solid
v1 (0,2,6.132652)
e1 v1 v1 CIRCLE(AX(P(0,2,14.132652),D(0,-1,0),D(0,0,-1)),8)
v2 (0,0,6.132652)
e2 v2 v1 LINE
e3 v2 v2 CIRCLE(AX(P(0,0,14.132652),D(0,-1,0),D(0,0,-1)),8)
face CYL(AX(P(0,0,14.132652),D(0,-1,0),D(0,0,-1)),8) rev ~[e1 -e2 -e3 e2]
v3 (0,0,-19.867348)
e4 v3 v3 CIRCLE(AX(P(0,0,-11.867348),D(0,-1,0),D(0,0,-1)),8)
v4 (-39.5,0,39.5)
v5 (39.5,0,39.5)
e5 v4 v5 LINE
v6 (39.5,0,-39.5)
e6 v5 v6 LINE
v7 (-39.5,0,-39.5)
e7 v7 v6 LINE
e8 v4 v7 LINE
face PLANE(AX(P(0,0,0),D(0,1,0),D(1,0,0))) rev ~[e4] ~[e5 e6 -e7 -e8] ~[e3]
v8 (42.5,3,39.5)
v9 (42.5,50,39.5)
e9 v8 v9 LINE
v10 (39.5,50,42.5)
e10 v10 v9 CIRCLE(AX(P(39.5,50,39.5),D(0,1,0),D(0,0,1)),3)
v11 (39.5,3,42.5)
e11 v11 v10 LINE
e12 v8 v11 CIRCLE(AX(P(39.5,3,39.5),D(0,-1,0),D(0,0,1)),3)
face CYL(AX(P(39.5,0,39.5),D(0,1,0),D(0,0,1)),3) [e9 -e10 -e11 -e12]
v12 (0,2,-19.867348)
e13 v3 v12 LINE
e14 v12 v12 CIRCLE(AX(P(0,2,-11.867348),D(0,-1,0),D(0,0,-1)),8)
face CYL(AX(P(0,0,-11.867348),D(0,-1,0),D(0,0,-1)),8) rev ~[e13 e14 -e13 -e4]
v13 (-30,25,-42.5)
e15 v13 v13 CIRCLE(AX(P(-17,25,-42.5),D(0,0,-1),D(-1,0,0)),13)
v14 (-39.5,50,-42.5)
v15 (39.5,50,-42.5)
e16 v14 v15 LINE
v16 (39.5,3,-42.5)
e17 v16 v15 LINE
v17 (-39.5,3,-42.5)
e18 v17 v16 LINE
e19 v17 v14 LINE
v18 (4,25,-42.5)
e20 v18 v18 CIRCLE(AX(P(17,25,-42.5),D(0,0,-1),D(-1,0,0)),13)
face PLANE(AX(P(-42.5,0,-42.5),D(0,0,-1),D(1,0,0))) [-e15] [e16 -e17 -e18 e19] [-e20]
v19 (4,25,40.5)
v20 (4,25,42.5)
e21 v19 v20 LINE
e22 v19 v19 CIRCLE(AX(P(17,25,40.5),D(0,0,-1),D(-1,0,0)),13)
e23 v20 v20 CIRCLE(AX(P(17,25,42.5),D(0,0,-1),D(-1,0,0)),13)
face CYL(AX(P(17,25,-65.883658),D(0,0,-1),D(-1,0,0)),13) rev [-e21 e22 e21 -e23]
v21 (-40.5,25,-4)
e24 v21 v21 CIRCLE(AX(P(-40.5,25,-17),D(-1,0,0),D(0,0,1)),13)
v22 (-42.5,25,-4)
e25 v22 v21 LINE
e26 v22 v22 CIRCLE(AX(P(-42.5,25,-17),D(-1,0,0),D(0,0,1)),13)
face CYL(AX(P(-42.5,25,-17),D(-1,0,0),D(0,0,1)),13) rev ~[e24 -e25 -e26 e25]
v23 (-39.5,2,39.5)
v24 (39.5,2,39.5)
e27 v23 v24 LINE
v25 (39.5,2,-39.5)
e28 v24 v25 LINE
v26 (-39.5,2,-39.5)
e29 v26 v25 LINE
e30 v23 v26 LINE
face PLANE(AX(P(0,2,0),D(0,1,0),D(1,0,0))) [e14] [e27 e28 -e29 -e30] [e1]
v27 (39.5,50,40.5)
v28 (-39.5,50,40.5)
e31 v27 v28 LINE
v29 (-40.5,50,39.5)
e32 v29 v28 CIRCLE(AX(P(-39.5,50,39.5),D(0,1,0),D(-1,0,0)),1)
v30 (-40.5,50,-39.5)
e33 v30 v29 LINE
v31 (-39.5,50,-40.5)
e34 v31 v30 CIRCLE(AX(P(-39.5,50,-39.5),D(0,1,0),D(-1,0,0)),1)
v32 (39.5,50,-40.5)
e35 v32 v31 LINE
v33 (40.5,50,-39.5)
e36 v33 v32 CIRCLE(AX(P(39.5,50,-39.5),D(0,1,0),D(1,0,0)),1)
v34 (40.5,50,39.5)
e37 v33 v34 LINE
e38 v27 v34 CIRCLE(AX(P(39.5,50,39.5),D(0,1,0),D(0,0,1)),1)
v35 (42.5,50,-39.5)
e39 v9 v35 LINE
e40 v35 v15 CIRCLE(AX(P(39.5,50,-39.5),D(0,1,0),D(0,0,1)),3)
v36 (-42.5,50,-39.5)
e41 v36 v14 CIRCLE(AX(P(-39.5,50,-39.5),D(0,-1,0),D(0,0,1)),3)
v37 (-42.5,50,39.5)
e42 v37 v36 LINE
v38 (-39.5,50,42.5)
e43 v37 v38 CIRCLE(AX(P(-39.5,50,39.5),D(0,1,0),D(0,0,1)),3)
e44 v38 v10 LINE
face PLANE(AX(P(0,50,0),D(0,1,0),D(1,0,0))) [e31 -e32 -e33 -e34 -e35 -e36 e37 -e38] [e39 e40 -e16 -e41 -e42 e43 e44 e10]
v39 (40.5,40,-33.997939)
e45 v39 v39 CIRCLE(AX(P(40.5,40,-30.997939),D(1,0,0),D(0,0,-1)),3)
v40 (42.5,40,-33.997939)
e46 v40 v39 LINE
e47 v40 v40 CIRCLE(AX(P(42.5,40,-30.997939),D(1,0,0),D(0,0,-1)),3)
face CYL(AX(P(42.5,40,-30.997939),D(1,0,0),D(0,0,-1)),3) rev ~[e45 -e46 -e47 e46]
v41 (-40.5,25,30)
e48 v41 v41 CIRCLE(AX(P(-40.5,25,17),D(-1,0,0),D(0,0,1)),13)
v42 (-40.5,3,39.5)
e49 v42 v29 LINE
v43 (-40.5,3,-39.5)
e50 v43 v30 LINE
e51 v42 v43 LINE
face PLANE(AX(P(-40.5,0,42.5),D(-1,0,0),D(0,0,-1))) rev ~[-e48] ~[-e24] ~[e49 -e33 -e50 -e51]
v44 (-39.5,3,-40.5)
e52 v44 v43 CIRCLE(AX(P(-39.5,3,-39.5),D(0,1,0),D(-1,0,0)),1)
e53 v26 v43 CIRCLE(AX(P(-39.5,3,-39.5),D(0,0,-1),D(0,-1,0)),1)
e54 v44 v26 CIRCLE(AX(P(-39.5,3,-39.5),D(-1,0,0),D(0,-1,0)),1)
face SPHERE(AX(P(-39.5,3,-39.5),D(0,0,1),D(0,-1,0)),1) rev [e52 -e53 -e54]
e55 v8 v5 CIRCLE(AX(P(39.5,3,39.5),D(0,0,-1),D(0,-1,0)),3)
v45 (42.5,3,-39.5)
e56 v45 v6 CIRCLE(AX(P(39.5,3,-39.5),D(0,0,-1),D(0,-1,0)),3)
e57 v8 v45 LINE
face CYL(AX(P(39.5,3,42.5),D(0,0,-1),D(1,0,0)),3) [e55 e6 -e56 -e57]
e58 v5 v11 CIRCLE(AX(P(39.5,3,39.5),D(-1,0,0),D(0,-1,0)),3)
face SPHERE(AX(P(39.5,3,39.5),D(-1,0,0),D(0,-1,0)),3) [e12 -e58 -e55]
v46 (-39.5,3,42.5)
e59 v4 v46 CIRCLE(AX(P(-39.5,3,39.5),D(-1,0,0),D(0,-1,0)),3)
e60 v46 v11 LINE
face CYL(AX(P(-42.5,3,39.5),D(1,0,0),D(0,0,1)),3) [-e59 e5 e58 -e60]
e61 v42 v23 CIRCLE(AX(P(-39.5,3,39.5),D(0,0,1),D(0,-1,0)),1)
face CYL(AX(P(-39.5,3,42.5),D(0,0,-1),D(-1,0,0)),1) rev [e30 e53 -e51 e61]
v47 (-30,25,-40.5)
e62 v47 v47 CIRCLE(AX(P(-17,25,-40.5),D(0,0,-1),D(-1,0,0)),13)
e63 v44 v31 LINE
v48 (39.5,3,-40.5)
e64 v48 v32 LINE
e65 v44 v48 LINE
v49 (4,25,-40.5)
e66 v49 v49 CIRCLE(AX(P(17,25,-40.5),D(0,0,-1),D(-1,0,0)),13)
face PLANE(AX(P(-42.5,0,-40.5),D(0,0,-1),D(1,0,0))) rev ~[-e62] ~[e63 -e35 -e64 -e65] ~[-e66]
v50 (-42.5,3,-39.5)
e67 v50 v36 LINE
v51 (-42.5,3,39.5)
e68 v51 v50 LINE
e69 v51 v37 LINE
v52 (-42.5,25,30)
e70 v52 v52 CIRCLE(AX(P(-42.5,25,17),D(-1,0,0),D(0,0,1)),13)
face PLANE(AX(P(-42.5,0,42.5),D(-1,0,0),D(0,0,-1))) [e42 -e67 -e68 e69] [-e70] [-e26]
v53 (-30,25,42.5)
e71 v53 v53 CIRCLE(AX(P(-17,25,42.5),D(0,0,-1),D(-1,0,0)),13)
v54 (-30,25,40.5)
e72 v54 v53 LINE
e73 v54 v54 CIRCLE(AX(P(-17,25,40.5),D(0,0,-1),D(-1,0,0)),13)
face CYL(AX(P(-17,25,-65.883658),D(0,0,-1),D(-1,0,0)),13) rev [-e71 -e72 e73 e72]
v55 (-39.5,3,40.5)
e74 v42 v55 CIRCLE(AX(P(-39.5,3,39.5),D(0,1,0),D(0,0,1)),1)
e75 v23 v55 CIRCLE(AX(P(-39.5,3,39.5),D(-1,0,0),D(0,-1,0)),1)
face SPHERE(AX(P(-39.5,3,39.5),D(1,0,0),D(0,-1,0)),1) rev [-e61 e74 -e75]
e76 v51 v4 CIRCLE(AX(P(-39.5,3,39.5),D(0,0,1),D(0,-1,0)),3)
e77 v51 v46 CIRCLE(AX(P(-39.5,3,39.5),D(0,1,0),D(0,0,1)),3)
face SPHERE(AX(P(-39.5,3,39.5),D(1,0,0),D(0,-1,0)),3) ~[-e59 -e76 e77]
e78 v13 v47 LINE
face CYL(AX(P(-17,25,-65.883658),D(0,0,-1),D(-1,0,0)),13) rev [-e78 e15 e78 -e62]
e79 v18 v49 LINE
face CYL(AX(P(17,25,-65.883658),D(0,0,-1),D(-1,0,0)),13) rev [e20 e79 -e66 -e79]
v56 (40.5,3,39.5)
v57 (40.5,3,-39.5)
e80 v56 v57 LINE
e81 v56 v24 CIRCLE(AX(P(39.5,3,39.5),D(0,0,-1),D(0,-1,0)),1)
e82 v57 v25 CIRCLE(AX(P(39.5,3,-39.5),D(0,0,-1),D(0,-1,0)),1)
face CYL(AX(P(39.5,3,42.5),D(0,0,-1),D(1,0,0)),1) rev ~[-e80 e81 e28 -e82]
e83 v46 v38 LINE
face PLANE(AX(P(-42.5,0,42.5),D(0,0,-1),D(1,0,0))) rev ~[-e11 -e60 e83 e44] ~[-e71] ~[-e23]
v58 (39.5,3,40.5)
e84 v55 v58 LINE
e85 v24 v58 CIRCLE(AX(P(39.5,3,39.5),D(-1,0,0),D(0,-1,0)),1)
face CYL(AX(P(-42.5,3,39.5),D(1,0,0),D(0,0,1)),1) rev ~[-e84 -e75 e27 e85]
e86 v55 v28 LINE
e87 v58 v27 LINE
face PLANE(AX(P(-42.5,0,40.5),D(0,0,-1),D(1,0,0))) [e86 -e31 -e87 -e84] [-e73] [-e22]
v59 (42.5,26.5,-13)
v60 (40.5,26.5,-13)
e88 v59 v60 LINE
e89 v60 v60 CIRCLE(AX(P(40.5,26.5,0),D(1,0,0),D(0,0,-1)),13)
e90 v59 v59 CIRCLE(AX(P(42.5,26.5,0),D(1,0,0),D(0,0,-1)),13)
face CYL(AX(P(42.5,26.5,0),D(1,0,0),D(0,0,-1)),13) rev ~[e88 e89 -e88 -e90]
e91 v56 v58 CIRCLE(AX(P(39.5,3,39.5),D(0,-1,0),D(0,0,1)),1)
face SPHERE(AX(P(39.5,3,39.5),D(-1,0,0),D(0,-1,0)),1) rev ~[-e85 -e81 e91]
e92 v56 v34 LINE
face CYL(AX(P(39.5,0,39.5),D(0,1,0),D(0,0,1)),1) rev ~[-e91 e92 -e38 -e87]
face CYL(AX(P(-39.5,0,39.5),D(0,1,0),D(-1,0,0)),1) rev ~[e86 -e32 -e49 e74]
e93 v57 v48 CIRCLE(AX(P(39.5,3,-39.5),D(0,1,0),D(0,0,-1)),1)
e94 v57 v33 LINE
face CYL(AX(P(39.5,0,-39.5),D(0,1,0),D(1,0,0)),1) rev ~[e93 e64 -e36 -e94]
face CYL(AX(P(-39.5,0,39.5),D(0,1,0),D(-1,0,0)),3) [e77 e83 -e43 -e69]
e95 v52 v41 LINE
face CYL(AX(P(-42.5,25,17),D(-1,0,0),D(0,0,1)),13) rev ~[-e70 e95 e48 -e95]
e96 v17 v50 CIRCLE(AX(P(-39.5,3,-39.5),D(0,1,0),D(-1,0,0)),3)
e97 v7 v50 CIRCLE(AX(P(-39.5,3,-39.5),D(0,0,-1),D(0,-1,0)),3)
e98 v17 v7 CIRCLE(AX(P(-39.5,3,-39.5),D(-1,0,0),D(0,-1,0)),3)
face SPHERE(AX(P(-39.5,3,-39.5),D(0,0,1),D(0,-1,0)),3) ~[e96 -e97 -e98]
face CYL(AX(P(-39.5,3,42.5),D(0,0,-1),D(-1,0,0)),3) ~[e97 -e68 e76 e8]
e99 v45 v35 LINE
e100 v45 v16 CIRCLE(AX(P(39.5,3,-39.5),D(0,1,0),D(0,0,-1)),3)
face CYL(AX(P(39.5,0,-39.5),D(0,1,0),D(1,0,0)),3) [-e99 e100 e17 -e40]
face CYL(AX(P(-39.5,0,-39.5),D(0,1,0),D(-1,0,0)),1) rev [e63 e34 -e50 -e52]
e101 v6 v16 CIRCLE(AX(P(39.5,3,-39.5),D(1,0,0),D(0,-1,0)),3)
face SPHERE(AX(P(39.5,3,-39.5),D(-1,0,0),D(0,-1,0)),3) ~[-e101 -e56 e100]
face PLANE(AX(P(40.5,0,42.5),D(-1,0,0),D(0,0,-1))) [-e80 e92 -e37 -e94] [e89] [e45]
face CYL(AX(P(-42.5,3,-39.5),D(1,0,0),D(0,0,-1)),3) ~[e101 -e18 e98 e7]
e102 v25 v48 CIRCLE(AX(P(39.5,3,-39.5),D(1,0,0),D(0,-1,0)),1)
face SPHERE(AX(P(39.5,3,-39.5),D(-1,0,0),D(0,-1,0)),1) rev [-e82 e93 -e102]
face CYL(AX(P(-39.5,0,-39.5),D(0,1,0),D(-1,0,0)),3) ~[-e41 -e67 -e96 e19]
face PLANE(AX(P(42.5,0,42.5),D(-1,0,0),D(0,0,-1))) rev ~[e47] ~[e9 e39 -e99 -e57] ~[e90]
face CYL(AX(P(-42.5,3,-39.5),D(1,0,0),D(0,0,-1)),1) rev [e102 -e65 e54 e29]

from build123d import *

# Parameters (mm, degrees)
SKETCH1_W               = 85
SKETCH1_H               = 85
BOSS_EXTRUDE1_DEPTH     = 50
FILLET1_R               = 3
SHELL2_T                = -2
SKETCH2_R               = 8
CUT_EXTRUDE1_DEPTH      = 50
CUT_EXTRUDE2_DEPTH      = 108.383657975
CUT_EXTRUDE2_DEPTH_BACK = 108.383657975
SKETCH3_R               = 13
SKETCH4_R               = 13
SKETCH4_R_2             = 3
CUT_EXTRUDE3_DEPTH      = 50
SKETCH5_R               = 13
CUT_EXTRUDE4_DEPTH      = 50


with BuildPart() as part:
    # Sketch1 → Boss-Extrude1 (new body)
    with BuildSketch(Plane(origin=(0, 0, 0), x_dir=(1, 0, 0), z_dir=(0, 1, 0))):
        Rectangle(SKETCH1_W, SKETCH1_H)
    extrude(amount=BOSS_EXTRUDE1_DEPTH)

    # Fillet1
    fillet1_edges = [part.edges().sort_by_distance(p)[0] for p in [
        (0, 0, 42.5),
        (-42.5, 0, 0),
        (0, 0, -42.5),
        (42.5, 0, 0),
        (42.5, 25, 42.5),
        (-42.5, 25, 42.5),
        (-42.5, 25, -42.5),
        (42.5, 25, -42.5),
    ]]
    fillet(fillet1_edges, radius=FILLET1_R)

    # Shell2
    shell2_openings = [part.faces().sort_by_distance(p)[0] for p in [
        (0, 50, 0),
    ]]
    offset(amount=SHELL2_T, openings=shell2_openings, kind=Kind.INTERSECTION)

    # Sketch2 → Cut-Extrude1 (cut)
    with BuildSketch(Plane.XZ):
        with Locations(Location((0, 14.13265191, 0), (0, 0, 270))):
            Circle(SKETCH2_R)
        with Locations(Location((0, -11.86734809, 0), (0, 0, 270))):
            Circle(SKETCH2_R)
    extrude(amount=-CUT_EXTRUDE1_DEPTH, mode=Mode.SUBTRACT)

    # Sketch3 → Cut-Extrude2 (cut, two sides: drawn at the far end of the back side and taken through both)
    with BuildSketch(Plane.XY.offset(42.5).offset(-CUT_EXTRUDE2_DEPTH_BACK)):
        with Locations(Location((-17, 25, 0), (0, 0, 180))):
            Circle(SKETCH3_R)
        with Locations(Location((17, 25, 0), (0, 0, 180))):
            Circle(SKETCH3_R)
    extrude(amount=CUT_EXTRUDE2_DEPTH + CUT_EXTRUDE2_DEPTH_BACK, mode=Mode.SUBTRACT)

    # Sketch4 → Cut-Extrude3 (cut)
    with BuildSketch(Plane(origin=(42.5, 0, 0), x_dir=(0, 0, -1), z_dir=(1, 0, 0))):
        with Locations((0, 26.5)):
            Circle(SKETCH4_R)
        with Locations((30.997938674, 40)):
            Circle(SKETCH4_R_2)
    extrude(amount=-CUT_EXTRUDE3_DEPTH, mode=Mode.SUBTRACT)

    # Sketch5 → Cut-Extrude4 (cut)
    with BuildSketch(Plane.ZY.offset(42.5)):
        with Locations((-17, 25)):
            Circle(SKETCH5_R)
        with Locations((17, 25)):
            Circle(SKETCH5_R)
    extrude(amount=-CUT_EXTRUDE4_DEPTH, mode=Mode.SUBTRACT)


solid = part.part
